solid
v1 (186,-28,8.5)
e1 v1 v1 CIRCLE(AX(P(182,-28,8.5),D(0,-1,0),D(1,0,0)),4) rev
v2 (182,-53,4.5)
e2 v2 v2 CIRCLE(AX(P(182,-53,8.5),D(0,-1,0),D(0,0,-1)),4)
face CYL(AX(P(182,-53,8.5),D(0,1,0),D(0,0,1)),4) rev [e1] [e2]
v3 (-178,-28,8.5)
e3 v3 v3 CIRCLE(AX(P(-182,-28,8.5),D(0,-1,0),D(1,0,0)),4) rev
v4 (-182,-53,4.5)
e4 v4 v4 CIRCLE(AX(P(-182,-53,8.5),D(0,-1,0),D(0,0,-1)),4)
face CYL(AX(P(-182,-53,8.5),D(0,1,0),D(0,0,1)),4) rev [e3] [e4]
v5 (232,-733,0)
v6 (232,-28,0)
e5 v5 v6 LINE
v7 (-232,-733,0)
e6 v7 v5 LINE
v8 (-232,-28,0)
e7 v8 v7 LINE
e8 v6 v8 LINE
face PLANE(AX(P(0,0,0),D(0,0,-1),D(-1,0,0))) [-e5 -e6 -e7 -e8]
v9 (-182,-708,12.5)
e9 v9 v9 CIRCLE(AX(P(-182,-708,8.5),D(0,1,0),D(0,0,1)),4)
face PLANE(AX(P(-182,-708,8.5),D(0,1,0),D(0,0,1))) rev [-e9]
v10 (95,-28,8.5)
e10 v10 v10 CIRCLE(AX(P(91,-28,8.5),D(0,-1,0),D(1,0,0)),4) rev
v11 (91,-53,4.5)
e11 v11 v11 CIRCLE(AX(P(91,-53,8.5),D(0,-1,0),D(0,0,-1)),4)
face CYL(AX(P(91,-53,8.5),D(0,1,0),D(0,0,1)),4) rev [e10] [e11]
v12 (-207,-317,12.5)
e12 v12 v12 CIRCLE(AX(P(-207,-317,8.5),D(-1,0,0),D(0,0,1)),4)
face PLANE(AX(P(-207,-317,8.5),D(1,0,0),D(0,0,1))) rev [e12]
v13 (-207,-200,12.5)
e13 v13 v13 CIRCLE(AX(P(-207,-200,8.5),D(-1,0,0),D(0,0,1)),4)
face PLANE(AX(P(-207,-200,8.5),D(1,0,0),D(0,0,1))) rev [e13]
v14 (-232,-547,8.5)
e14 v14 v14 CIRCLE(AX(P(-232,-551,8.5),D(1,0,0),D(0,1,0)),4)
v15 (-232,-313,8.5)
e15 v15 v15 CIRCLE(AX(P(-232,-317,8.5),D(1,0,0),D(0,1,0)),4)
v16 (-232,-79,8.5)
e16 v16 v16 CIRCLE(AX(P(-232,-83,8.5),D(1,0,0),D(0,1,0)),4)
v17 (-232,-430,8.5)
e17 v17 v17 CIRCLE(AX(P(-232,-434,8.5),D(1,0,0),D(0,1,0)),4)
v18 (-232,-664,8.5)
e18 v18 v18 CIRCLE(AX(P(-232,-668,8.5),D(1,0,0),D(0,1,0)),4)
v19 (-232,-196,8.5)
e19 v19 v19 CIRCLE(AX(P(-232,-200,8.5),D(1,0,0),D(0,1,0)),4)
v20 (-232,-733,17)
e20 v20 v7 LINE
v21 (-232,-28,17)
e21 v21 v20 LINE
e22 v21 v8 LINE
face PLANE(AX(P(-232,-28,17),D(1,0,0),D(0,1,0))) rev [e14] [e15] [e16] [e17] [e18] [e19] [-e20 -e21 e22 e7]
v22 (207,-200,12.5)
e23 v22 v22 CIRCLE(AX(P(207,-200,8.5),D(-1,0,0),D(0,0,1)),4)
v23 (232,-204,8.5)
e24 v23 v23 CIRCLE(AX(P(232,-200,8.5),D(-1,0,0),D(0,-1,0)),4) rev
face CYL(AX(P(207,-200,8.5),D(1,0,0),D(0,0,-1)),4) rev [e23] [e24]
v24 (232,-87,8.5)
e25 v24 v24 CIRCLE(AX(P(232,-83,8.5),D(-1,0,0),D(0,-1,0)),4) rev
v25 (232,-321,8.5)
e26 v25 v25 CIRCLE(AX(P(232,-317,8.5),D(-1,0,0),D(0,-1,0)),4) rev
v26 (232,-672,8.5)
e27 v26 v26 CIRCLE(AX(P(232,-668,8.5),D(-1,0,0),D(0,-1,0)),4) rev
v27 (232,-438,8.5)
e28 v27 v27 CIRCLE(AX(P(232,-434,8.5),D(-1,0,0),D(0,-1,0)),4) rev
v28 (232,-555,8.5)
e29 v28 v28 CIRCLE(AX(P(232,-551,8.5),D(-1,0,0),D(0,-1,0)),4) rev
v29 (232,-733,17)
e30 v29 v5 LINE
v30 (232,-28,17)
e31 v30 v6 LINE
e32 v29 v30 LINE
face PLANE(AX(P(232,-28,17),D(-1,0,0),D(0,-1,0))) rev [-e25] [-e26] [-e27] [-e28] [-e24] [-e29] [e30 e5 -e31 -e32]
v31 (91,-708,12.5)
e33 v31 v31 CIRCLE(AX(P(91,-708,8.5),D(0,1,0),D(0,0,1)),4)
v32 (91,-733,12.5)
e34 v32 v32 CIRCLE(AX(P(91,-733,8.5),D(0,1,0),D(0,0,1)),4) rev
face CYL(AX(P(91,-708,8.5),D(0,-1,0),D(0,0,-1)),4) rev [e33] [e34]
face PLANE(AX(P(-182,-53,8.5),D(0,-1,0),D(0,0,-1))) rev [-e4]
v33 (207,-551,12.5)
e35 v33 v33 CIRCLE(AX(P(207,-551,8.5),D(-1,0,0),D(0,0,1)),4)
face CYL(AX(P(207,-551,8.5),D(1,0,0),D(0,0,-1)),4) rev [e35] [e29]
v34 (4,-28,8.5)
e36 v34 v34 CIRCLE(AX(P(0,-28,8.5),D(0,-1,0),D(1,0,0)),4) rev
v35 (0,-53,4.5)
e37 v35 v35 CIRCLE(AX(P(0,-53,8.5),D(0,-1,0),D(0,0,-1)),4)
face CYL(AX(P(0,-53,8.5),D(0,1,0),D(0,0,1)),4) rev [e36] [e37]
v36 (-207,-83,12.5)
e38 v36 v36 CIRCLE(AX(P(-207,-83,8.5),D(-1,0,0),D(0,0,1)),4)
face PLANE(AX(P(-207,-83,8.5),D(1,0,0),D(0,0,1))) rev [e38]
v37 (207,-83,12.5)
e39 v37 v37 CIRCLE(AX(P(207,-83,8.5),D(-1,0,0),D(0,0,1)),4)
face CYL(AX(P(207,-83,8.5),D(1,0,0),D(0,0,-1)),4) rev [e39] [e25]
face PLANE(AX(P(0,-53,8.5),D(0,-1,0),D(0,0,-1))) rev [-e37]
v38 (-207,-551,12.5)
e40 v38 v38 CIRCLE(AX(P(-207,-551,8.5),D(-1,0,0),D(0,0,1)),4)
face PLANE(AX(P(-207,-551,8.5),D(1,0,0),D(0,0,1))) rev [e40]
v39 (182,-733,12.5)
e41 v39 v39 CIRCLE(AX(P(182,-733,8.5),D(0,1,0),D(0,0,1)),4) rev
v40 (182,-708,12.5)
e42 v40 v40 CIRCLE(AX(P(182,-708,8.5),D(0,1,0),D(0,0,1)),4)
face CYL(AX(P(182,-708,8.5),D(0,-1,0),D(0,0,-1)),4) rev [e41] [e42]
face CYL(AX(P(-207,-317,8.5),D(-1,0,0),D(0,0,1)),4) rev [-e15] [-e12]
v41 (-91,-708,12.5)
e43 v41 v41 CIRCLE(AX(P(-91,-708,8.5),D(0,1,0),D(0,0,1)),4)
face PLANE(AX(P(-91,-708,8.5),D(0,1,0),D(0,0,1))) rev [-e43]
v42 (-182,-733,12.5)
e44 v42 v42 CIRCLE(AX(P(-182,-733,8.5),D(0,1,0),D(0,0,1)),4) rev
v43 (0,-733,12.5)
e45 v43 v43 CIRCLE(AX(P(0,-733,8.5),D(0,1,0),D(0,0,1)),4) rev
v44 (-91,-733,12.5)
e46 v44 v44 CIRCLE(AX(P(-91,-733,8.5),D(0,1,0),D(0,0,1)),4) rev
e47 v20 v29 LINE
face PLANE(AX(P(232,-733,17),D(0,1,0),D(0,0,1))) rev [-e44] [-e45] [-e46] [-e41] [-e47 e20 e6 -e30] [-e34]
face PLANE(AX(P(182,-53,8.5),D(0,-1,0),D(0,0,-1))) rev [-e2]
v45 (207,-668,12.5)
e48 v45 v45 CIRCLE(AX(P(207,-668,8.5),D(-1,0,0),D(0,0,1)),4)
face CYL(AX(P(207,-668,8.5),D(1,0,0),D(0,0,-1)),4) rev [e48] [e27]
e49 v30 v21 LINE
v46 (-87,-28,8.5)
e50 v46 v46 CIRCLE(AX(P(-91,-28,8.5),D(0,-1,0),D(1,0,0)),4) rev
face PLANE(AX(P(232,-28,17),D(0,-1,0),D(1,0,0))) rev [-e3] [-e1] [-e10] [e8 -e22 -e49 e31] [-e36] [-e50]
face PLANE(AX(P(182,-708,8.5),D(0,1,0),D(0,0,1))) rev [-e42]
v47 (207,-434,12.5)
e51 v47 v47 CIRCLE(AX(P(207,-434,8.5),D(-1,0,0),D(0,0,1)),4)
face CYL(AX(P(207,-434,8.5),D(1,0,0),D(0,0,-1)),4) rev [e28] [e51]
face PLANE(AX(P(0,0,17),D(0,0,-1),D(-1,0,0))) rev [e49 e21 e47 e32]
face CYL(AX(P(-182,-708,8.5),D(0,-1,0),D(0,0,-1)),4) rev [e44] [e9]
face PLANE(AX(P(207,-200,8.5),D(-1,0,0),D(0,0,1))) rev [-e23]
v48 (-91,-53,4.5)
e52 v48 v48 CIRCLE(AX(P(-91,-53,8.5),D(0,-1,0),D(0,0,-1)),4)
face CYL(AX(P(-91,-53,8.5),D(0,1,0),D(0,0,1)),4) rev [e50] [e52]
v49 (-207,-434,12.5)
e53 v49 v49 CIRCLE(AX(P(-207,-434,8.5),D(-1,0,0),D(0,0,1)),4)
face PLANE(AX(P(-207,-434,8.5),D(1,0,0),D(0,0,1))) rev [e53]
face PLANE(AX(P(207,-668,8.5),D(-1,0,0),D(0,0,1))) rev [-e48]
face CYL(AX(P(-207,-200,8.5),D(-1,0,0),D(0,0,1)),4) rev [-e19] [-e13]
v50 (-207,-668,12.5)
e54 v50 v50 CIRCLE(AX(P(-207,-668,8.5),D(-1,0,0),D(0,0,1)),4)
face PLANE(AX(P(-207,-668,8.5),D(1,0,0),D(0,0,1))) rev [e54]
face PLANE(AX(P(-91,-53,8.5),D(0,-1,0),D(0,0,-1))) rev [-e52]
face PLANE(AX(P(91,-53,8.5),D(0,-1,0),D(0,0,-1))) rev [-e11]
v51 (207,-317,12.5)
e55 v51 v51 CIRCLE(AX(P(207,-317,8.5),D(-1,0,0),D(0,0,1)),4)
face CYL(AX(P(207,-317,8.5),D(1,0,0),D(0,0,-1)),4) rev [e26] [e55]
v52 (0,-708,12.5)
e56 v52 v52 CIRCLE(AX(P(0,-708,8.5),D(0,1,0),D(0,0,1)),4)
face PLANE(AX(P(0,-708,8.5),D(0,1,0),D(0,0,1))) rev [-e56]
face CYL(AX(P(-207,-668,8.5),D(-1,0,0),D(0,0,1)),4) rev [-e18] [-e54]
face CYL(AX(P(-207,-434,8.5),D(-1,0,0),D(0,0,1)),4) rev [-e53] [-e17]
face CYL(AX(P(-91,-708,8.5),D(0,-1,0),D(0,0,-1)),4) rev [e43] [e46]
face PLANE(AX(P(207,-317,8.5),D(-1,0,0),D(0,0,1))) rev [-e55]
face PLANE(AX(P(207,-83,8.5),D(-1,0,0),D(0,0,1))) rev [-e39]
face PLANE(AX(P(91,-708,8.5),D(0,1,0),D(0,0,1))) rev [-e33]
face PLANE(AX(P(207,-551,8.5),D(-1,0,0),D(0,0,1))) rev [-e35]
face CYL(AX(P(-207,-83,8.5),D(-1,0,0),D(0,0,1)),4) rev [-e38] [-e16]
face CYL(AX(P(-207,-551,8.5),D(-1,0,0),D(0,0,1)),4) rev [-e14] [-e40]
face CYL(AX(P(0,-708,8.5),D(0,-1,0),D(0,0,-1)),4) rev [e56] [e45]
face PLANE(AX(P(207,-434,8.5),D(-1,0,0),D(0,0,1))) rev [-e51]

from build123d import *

# Parameters (mm, degrees)
SKETCH1_W                = 464
SKETCH1_H                = 705
BOSS_EXTRUDE1_DEPTH      = 17
CUT_EXTRUDE4_DEPTH       = 25
CUT_EXTRUDE4_DEPTH_BACK  = 13
SKETCH5_R                = 4
CUT_EXTRUDE12_START      = -13
SKETCH13_R               = 4
CUT_EXTRUDE12_DEPTH      = 38
CUT_EXTRUDE13_DEPTH      = 25
CUT_EXTRUDE13_DEPTH_BACK = 13
SKETCH14_R               = 4


with BuildPart() as part:
    # Sketch1 → Boss-Extrude1 (new body)
    with BuildSketch(Plane.XY):
        with Locations((0, -380.5)):
            Rectangle(SKETCH1_W, SKETCH1_H)
    extrude(amount=BOSS_EXTRUDE1_DEPTH)

    # Sketch5 → Cut-Extrude4 (cut, two sides: drawn at the far end of the back side and taken through both)
    with BuildSketch(Plane(origin=(0, -28, 254), x_dir=(1, 0, 0), z_dir=(0, -1, 0)).offset(-CUT_EXTRUDE4_DEPTH_BACK)):
        with Locations((182, -245.5)):
            Circle(SKETCH5_R)
        with Locations((-182, -245.5)):
            Circle(SKETCH5_R)
        with Locations((91, -245.5)):
            Circle(SKETCH5_R)
        with Locations((0, -245.5)):
            Circle(SKETCH5_R)
        with Locations((-91, -245.5)):
            Circle(SKETCH5_R)
    extrude(amount=CUT_EXTRUDE4_DEPTH + CUT_EXTRUDE4_DEPTH_BACK, mode=Mode.SUBTRACT)

    # Sketch13 → Cut-Extrude12 (cut)
    with BuildSketch(Plane(origin=(232, 0, 254), x_dir=(0, 0, 1), z_dir=(-1, 0, 0)).offset(CUT_EXTRUDE12_START)):
        with Locations(Location((-245.5, -83, 0), (0, 0, 270))):
            Circle(SKETCH13_R)
        with Locations(Location((-245.5, -200, 0), (0, 0, 270))):
            Circle(SKETCH13_R)
        with Locations(Location((-245.5, -317, 0), (0, 0, 270))):
            Circle(SKETCH13_R)
        with Locations(Location((-245.5, -434, 0), (0, 0, 270))):
            Circle(SKETCH13_R)
        with Locations(Location((-245.5, -551, 0), (0, 0, 270))):
            Circle(SKETCH13_R)
        with Locations(Location((-245.5, -668, 0), (0, 0, 270))):
            Circle(SKETCH13_R)
    cut_extrude12 = extrude(amount=CUT_EXTRUDE12_DEPTH, mode=Mode.SUBTRACT)

    # Mirror1: Cut-Extrude12 across plane
    add(cut_extrude12.mirror(Plane(origin=(0, 0, 0), x_dir=(0, 0, 1), z_dir=(1, 0, 0))), mode=Mode.SUBTRACT)

    # Sketch14 → Cut-Extrude13 (cut, two sides: drawn at the far end of the back side and taken through both)
    with BuildSketch(Plane(origin=(0, -733, 254), x_dir=(1, 0, 0), z_dir=(0, 1, 0)).offset(-CUT_EXTRUDE13_DEPTH_BACK)):
        with Locations((182, 245.5)):
            Circle(SKETCH14_R)
        with Locations((-182, 245.5)):
            Circle(SKETCH14_R)
        with Locations((91, 245.5)):
            Circle(SKETCH14_R)
        with Locations((0, 245.5)):
            Circle(SKETCH14_R)
        with Locations((-91, 245.5)):
            Circle(SKETCH14_R)
    extrude(amount=CUT_EXTRUDE13_DEPTH + CUT_EXTRUDE13_DEPTH_BACK, mode=Mode.SUBTRACT)


solid = part.part
